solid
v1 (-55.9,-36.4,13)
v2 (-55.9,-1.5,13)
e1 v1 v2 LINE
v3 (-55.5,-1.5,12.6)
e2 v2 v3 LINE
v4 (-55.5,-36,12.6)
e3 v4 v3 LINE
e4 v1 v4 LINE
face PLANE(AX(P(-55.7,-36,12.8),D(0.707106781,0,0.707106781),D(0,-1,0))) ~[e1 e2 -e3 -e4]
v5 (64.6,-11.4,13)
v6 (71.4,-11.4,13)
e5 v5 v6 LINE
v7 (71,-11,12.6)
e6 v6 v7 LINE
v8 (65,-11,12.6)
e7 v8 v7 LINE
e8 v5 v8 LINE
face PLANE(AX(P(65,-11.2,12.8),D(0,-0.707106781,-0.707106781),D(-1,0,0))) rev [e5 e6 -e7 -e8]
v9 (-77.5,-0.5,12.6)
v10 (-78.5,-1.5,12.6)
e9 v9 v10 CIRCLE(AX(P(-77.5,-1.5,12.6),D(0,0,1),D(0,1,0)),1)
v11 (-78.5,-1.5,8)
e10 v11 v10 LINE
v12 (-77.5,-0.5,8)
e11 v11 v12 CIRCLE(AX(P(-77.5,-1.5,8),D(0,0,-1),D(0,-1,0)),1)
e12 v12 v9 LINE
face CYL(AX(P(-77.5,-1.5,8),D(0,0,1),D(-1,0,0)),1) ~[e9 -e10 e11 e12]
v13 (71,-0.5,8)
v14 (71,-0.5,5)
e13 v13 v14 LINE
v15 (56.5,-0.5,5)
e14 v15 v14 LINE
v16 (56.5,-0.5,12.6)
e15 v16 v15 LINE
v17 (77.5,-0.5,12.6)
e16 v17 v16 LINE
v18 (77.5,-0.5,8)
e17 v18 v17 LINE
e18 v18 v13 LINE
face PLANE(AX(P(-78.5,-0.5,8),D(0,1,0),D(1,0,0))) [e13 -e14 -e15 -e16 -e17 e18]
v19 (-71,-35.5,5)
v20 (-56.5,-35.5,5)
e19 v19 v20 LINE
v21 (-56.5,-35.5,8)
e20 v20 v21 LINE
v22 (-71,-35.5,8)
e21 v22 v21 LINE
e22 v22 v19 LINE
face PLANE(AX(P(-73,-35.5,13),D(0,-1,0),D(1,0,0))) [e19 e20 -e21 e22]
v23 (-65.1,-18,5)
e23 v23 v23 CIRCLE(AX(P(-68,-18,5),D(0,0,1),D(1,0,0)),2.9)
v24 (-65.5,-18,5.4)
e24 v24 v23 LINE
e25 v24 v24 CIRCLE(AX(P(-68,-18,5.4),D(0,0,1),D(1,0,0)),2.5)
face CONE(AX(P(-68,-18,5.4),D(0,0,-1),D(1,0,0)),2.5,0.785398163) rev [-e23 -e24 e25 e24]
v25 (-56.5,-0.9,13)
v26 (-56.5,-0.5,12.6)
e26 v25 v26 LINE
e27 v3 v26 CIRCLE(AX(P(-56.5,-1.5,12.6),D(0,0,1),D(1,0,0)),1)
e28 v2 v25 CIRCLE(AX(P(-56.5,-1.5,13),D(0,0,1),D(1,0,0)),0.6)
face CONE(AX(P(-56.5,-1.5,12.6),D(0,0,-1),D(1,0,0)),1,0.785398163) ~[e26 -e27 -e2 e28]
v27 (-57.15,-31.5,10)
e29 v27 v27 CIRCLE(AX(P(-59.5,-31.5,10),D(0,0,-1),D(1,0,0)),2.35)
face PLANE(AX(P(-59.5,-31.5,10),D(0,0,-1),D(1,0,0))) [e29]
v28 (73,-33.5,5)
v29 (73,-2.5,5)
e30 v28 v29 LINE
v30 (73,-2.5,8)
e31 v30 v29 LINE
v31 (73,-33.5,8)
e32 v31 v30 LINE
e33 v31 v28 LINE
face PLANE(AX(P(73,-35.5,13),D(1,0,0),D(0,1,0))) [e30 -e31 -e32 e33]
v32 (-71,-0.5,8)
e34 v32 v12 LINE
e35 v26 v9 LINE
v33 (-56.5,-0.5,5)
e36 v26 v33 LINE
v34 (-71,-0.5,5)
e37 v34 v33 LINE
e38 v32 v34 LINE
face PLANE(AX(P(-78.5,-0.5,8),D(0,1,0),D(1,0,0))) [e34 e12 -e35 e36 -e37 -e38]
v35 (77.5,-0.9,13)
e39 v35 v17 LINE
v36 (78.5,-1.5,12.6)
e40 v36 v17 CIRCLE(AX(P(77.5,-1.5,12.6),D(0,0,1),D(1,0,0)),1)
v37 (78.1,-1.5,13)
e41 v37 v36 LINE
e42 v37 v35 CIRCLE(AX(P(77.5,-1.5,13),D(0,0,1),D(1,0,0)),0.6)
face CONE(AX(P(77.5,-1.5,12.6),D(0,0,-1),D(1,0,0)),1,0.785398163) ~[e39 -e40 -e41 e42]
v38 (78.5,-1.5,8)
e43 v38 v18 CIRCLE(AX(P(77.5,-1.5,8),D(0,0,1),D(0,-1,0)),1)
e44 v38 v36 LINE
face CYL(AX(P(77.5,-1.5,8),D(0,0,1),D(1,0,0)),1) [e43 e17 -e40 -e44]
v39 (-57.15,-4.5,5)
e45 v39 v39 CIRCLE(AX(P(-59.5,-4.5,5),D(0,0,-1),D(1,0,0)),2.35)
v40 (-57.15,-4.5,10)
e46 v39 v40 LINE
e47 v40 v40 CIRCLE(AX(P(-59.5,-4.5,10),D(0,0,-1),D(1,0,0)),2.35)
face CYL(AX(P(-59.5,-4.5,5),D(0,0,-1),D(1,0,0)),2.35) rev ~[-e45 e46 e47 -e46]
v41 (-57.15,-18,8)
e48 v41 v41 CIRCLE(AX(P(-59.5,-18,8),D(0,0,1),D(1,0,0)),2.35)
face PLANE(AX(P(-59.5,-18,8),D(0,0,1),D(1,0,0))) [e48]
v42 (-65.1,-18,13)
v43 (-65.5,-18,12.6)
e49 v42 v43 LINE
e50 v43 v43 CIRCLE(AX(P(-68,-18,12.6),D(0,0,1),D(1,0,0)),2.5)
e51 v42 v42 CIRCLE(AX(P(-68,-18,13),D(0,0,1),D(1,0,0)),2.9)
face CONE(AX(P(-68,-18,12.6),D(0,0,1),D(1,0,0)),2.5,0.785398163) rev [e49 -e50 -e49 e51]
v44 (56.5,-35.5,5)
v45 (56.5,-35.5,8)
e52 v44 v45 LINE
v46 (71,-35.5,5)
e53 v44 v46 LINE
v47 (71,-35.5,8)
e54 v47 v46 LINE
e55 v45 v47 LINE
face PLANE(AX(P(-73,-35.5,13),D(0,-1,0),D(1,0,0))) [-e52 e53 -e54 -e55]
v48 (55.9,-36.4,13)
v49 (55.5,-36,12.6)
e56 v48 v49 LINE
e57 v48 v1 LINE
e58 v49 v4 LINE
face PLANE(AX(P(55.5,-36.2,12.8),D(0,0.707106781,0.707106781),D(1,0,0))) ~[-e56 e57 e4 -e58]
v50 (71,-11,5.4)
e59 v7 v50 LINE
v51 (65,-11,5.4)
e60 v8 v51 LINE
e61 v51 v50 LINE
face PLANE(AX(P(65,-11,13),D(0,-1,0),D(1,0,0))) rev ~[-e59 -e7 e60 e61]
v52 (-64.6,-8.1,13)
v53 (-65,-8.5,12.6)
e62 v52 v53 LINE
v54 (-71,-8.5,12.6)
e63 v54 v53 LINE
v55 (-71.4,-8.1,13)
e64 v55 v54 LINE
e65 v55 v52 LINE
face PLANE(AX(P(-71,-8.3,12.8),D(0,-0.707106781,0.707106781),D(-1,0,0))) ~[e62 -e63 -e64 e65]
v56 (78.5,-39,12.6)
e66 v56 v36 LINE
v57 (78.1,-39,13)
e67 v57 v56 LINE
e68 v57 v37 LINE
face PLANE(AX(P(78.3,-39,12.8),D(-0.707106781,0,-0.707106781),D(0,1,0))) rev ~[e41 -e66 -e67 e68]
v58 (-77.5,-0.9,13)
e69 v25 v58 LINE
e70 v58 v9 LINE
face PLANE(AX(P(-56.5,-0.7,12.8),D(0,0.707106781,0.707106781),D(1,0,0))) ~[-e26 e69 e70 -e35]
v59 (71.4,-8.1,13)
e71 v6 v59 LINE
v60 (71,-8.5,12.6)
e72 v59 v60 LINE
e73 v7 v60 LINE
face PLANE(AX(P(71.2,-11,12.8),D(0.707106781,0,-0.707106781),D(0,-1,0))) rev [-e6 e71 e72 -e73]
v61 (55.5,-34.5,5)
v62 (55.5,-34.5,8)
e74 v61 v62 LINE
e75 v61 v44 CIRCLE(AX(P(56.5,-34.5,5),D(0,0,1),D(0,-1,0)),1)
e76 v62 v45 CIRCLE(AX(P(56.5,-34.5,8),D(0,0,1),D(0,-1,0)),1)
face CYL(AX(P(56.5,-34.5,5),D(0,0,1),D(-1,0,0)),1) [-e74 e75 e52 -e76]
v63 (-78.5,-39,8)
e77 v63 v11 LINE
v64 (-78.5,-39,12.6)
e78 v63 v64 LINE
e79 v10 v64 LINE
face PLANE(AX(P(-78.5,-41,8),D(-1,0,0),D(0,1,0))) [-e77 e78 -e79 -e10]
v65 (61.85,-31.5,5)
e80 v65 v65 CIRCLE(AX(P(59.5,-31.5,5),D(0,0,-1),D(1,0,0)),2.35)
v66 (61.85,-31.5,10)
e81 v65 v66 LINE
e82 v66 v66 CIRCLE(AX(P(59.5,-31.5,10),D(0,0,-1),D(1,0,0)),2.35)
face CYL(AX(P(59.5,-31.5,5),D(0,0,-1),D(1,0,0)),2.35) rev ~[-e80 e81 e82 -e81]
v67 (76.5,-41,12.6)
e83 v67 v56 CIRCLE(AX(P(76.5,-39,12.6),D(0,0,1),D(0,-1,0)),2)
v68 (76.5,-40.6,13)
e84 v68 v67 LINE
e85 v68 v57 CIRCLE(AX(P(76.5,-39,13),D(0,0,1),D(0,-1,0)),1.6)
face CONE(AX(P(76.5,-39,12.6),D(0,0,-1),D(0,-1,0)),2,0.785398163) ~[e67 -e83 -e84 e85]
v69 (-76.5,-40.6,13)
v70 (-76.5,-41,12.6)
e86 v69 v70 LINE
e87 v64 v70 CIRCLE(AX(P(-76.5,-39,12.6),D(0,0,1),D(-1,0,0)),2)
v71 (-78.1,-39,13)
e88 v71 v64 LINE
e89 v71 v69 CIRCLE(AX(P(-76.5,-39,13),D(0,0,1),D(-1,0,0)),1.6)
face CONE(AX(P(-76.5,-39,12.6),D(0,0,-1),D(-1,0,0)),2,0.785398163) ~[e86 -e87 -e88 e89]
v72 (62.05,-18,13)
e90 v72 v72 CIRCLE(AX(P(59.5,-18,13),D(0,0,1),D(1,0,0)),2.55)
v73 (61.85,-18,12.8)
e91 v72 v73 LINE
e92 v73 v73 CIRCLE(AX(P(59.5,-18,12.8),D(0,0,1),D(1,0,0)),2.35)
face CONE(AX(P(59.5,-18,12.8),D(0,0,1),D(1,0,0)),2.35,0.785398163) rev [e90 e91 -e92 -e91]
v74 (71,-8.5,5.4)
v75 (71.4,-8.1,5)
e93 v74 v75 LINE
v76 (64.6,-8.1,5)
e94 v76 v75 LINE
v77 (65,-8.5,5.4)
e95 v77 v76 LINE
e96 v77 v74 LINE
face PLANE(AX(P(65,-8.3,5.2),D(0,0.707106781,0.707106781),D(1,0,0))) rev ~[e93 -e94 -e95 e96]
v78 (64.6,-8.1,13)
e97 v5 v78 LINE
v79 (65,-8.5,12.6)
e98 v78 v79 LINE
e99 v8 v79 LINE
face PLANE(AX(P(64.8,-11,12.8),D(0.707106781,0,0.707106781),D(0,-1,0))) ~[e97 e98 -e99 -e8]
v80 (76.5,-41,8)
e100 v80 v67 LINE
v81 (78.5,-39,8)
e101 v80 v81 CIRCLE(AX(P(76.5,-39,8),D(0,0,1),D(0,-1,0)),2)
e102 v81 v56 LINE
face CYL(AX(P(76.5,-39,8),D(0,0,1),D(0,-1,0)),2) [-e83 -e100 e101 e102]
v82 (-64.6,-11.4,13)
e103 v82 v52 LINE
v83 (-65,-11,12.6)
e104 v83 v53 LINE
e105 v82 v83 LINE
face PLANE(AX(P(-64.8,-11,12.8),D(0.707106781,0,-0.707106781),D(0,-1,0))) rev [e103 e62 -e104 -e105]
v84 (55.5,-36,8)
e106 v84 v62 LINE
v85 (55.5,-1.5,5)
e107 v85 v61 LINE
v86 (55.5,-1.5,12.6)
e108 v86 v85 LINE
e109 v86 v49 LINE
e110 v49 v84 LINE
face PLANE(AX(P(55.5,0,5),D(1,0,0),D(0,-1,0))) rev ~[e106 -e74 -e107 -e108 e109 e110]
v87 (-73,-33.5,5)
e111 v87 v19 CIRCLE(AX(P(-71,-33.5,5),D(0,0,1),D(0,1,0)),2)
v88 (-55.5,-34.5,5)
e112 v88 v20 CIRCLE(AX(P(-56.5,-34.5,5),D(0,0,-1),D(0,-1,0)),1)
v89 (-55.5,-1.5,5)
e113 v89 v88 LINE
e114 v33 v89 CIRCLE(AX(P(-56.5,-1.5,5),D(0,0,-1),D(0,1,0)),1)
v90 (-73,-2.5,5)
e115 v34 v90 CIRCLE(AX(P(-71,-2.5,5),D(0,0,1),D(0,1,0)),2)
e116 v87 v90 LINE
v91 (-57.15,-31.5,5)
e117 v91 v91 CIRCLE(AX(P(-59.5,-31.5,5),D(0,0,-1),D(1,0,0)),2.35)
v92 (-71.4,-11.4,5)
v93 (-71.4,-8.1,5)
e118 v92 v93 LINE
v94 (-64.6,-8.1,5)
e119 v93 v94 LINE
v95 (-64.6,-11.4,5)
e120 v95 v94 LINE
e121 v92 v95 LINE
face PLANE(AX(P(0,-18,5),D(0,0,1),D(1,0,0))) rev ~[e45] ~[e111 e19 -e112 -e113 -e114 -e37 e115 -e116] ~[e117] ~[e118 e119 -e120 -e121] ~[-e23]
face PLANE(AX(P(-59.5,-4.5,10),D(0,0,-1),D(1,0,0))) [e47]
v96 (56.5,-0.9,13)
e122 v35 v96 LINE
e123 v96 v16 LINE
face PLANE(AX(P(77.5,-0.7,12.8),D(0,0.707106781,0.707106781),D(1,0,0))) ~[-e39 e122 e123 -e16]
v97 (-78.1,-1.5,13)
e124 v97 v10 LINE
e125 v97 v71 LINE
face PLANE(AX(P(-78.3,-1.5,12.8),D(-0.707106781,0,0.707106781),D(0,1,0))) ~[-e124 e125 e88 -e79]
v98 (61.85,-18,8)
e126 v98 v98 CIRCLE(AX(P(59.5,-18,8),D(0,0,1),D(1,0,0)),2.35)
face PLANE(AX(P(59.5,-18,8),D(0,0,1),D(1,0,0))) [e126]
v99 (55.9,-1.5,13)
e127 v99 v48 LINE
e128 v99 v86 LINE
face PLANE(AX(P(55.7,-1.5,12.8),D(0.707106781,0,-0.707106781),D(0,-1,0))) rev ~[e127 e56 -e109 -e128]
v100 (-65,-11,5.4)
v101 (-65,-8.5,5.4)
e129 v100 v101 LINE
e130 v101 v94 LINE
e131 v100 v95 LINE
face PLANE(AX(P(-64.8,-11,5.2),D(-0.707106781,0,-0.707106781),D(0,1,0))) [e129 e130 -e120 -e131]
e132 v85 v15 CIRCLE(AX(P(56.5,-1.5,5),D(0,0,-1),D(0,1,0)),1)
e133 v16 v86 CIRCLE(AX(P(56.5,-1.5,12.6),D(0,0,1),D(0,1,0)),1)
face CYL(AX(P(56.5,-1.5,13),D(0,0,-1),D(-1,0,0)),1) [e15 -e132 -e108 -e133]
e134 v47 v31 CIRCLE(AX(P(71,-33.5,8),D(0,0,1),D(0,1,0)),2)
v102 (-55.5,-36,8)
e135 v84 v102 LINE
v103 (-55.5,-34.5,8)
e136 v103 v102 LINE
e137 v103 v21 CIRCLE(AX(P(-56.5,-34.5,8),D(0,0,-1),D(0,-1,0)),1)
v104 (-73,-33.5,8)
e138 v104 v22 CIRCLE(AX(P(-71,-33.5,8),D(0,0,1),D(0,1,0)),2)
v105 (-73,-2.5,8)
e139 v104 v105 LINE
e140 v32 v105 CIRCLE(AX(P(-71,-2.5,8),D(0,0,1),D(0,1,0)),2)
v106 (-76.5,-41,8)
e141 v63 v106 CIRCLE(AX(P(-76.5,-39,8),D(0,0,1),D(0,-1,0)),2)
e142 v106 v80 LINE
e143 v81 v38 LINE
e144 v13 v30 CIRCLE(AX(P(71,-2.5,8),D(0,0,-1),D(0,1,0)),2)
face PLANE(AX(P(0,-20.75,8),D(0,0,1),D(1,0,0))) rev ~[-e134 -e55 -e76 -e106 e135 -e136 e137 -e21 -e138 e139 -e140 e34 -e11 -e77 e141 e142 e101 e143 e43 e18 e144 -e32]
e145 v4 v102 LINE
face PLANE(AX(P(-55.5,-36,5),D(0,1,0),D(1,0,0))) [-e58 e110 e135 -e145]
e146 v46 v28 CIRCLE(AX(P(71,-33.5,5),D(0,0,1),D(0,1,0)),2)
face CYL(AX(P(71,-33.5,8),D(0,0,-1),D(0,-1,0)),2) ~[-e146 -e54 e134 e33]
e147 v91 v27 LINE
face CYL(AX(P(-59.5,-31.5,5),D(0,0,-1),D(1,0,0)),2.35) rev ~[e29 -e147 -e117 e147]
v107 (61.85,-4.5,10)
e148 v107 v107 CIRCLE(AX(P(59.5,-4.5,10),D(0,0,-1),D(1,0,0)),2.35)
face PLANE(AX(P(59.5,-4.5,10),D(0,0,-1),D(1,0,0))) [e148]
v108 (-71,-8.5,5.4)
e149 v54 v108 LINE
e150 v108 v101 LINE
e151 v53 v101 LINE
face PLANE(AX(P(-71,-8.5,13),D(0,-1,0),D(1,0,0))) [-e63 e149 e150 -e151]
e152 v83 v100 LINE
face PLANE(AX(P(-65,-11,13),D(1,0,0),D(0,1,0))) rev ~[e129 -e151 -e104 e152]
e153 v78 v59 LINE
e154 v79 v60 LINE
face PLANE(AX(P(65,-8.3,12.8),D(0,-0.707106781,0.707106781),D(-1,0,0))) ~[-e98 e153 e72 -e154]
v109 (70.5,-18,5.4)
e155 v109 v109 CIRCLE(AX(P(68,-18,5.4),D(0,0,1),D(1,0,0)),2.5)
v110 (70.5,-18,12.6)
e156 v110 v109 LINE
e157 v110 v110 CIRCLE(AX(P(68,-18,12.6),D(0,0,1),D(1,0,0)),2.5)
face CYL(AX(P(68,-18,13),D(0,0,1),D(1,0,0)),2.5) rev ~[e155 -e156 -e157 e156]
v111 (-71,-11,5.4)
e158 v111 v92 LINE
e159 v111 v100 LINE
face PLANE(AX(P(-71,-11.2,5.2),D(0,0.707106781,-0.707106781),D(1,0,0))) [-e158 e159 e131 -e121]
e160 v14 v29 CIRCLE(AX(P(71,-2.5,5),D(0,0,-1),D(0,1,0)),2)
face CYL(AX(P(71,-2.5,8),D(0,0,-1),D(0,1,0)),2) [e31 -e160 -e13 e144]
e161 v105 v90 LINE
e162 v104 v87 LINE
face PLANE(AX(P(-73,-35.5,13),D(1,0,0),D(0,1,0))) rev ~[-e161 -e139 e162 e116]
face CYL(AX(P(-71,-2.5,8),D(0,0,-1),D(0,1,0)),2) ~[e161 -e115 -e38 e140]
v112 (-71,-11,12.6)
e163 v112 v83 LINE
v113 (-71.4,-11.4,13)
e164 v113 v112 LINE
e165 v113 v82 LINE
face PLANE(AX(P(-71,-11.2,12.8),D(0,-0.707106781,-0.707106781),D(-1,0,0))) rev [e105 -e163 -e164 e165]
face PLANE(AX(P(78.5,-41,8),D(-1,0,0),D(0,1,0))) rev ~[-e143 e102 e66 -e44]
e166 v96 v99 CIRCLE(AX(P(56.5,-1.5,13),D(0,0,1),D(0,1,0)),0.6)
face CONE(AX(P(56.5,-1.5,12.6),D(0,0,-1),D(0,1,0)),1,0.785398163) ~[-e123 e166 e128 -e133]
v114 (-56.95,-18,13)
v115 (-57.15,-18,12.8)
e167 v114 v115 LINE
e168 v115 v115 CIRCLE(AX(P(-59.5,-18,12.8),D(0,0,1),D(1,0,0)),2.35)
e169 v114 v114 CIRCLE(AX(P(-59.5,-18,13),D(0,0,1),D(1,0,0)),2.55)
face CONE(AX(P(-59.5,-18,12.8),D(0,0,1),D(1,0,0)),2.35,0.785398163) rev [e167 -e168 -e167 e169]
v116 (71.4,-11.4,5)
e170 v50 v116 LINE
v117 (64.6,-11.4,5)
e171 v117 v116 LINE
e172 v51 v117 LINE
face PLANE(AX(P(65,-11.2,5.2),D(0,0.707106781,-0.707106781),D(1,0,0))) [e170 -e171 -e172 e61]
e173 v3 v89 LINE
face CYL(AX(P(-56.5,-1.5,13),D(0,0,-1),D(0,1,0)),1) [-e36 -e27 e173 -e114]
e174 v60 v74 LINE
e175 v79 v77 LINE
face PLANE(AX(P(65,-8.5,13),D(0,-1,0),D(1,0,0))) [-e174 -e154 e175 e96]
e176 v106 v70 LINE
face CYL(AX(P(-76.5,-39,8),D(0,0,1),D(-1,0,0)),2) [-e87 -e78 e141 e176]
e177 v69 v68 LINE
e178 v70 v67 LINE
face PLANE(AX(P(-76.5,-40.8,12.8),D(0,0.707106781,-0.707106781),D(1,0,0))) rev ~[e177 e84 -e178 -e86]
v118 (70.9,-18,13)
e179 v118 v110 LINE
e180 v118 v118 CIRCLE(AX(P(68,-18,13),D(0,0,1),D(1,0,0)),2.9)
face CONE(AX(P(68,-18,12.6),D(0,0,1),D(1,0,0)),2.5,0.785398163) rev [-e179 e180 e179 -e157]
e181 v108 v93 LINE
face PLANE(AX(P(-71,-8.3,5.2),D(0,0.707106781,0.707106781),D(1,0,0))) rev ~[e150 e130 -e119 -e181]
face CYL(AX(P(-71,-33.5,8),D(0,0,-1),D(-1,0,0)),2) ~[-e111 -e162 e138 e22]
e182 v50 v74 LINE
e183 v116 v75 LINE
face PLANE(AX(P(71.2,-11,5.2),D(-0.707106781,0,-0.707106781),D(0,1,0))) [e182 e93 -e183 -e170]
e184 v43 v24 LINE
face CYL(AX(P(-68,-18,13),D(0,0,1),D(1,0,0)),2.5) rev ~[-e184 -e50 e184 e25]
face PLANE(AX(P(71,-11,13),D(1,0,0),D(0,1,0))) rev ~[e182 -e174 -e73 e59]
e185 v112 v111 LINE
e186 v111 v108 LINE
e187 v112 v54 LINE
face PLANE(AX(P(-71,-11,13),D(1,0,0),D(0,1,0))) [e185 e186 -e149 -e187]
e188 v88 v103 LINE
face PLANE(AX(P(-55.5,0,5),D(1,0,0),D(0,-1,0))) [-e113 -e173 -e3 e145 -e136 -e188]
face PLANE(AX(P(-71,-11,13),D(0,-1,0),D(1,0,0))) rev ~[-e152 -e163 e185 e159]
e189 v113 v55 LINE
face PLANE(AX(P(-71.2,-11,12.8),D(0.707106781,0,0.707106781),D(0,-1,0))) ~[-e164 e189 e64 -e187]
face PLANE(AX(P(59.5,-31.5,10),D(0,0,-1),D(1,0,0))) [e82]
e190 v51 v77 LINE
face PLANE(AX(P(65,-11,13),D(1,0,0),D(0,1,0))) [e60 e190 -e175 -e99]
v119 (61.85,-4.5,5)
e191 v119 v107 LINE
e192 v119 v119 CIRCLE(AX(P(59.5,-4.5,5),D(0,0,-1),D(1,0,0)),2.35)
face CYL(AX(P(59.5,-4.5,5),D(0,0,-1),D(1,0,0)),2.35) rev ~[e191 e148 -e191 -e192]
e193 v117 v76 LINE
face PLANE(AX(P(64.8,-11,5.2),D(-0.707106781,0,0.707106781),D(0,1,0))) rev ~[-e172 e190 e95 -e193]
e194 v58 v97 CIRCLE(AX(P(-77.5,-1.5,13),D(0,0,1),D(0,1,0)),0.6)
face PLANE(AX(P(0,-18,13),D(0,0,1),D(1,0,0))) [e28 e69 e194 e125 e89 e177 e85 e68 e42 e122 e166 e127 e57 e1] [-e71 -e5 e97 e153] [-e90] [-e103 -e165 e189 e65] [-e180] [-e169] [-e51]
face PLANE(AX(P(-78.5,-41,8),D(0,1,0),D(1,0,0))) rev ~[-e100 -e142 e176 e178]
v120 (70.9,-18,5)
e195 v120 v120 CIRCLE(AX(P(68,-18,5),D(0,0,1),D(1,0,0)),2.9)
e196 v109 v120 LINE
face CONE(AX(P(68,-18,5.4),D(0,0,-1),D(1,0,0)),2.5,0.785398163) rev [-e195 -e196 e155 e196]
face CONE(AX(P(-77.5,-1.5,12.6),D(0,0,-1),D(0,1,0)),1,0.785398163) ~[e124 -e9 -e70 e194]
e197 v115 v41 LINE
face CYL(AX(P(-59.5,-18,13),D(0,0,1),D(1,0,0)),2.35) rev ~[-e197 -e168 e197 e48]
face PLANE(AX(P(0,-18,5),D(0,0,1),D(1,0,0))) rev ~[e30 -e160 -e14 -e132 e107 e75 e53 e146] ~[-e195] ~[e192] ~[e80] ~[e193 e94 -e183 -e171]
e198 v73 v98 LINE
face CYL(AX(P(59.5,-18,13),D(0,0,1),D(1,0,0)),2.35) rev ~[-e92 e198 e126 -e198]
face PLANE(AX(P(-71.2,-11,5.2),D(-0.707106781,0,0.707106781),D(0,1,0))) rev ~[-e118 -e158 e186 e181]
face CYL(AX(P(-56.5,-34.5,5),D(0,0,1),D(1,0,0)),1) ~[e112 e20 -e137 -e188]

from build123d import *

# Parameters (mm, degrees)
SKETCH004_W     = 157
SKETCH004_H     = 40.5
PAD003_DEPTH    = 5
SKETCH005_W     = 146
SKETCH005_H     = 35
PAD004_DEPTH    = 8
FILLET003_R     = 2
SKETCH007_W     = 111
SKETCH007_H     = 36
POCKET002_DEPTH = 9
POCKET003_DEPTH = 5
SKETCH008_R     = 2.35
POCKET004_DEPTH = 5
FILLET004_R     = 1
FILLET005_R     = 2
FILLET006_R     = 1
SKETCH013_R     = 2.35
POCKET008_DEPTH = 5
SKETCH021_R     = 2.5
SKETCH021_W     = 6
SKETCH021_H     = 2.5
POCKET015_DEPTH = 8.001
CHAMFER002_SIZE = 0.4
CHAMFER003_SIZE = 0.2
CHAMFER008_SIZE = 0.4


with BuildPart() as part:
    # Sketch004 → Pad003 (new body)
    with BuildSketch(Plane.XY):
        with Locations((0, -20.75)):
            Rectangle(SKETCH004_W, SKETCH004_H)
    extrude(amount=PAD003_DEPTH)

    # Sketch005 (on Face6 of Pad003) → Pad004 (join)
    with BuildSketch(Plane.XY.offset(5)):
        with Locations((0, -18)):
            Rectangle(SKETCH005_W, SKETCH005_H)
    extrude(amount=-PAD004_DEPTH)

    # Fillet003
    fillet003_edges = [part.edges().sort_by_distance(p)[0] for p in [
        (73, -0.5, -1.5),
        (73, -35.5, -1.5),
        (-73, -35.5, -1.5),
        (-73, -0.5, -1.5),
    ]]
    fillet(fillet003_edges, radius=FILLET003_R)

    # Sketch007 (on Face15 of Fillet003) → Pocket002 (cut)
    with BuildSketch(Plane(origin=(0, 0, -3), x_dir=(1, 0, 0), z_dir=(0, 0, -1))):
        with Locations((0, 18)):
            Rectangle(SKETCH007_W, SKETCH007_H)
    extrude(amount=-POCKET002_DEPTH, mode=Mode.SUBTRACT)

    # Sketch007 (on Face15 of Fillet003) → Pocket003 (cut)
    with BuildSketch(Plane(origin=(0, 0, -3), x_dir=(1, 0, 0), z_dir=(0, 0, -1))):
        with Locations((0, 18)):
            Rectangle(SKETCH007_W, SKETCH007_H)
    extrude(amount=-POCKET003_DEPTH, mode=Mode.SUBTRACT)

    # Sketch008 (on Face23 of Pocket003) → Pocket004 (cut)
    with BuildSketch(Plane(origin=(0, 0, -3), x_dir=(1, 0, 0), z_dir=(0, 0, -1))):
        with Locations((-59.5, 31.5)):
            Circle(SKETCH008_R)
        with Locations((-59.5, 4.5)):
            Circle(SKETCH008_R)
        with Locations((59.5, 31.5)):
            Circle(SKETCH008_R)
        with Locations((59.5, 4.5)):
            Circle(SKETCH008_R)
    extrude(amount=-POCKET004_DEPTH, mode=Mode.SUBTRACT)

    # Fillet004
    fillet004_edges = [part.edges().sort_by_distance(p)[0] for p in [
        (55.5, -35.5, -1.5),
        (55.5, -0.5, -1.5),
        (-55.5, -35.5, -1.5),
        (-55.5, -0.5, -1.5),
    ]]
    fillet(fillet004_edges, radius=FILLET004_R)

    # Fillet005
    fillet005_edges = [part.edges().sort_by_distance(p)[0] for p in [
        (78.5, -41, 2.5),
        (-78.5, -41, 2.5),
    ]]
    fillet(fillet005_edges, radius=FILLET005_R)

    # Fillet006
    fillet006_edges = [part.edges().sort_by_distance(p)[0] for p in [
        (-78.5, -0.5, 2.5),
        (78.5, -0.5, 2.5),
    ]]
    fillet(fillet006_edges, radius=FILLET006_R)

    # Sketch013 (on Face35 of Fillet006) → Pocket008 (cut)
    with BuildSketch(Plane.XY.offset(5)):
        with Locations((-59.5, -18)):
            Circle(SKETCH013_R)
        with Locations((59.5, -18)):
            Circle(SKETCH013_R)
    extrude(amount=-POCKET008_DEPTH, mode=Mode.SUBTRACT)

    # Sketch021 (on Face30 of Pocket008) → Pocket015 (cut, through all)
    with BuildSketch(Plane.XY.offset(5)):
        with Locations((-68, -18)):
            Circle(SKETCH021_R)
        with Locations((68, -18)):
            Circle(SKETCH021_R)
        with Locations((-68, -9.75)):
            Rectangle(SKETCH021_W, SKETCH021_H)
        with Locations((68, -9.75)):
            Rectangle(SKETCH021_W, SKETCH021_H)
    extrude(amount=-POCKET015_DEPTH, mode=Mode.SUBTRACT)


with BuildPart() as part_1:
    # Body001 placement: moved
    add(part.part.moved(Location((0, 0, 40))))

    # Chamfer002
    chamfer002_edges = [part_1.edges().sort_by_distance(p)[0] for p in [
        (65.5, -18, 37),
        (71, -9.75, 37),
        (68, -11, 37),
        (65, -9.75, 37),
        (68, -8.5, 37),
        (-70.5, -18, 37),
        (-65, -9.75, 37),
        (-68, -11, 37),
        (-71, -9.75, 37),
        (-68, -8.5, 37),
        (65.5, -18, 45),
        (68, -8.5, 45),
        (71, -9.75, 45),
        (68, -11, 45),
        (65, -9.75, 45),
        (-70.5, -18, 45),
        (-68, -8.5, 45),
        (-65, -9.75, 45),
        (-68, -11, 45),
        (-71, -9.75, 45),
    ]]
    chamfer(chamfer002_edges, length=CHAMFER002_SIZE)

    # Chamfer003
    chamfer003_edges = [part_1.edges().sort_by_distance(p)[0] for p in [
        (57.15, -18, 45),
        (-61.85, -18, 45),
    ]]
    chamfer(chamfer003_edges, length=CHAMFER003_SIZE)

    # Chamfer008
    chamfer008_edges = [part_1.edges().sort_by_distance(p)[0] for p in [
        (78.5, -20.25, 45),
        (78.207107, -0.792893, 45),
        (67, -0.5, 45),
        (55.792893, -0.792893, 45),
        (55.5, -18.75, 45),
        (0, -36, 45),
        (-55.5, -18.75, 45),
        (-55.792893, -0.792893, 45),
        (-67, -0.5, 45),
        (-78.207107, -0.792893, 45),
        (-78.5, -20.25, 45),
        (-77.914214, -40.414214, 45),
        (0, -41, 45),
        (77.914214, -40.414214, 45),
    ]]
    chamfer(chamfer008_edges, length=CHAMFER008_SIZE)


with BuildPart() as part_2:
    # Chamfer008 placement: moved
    add(part_1.part.moved(Location((0, 0, -32))))


solid = part_2.part
